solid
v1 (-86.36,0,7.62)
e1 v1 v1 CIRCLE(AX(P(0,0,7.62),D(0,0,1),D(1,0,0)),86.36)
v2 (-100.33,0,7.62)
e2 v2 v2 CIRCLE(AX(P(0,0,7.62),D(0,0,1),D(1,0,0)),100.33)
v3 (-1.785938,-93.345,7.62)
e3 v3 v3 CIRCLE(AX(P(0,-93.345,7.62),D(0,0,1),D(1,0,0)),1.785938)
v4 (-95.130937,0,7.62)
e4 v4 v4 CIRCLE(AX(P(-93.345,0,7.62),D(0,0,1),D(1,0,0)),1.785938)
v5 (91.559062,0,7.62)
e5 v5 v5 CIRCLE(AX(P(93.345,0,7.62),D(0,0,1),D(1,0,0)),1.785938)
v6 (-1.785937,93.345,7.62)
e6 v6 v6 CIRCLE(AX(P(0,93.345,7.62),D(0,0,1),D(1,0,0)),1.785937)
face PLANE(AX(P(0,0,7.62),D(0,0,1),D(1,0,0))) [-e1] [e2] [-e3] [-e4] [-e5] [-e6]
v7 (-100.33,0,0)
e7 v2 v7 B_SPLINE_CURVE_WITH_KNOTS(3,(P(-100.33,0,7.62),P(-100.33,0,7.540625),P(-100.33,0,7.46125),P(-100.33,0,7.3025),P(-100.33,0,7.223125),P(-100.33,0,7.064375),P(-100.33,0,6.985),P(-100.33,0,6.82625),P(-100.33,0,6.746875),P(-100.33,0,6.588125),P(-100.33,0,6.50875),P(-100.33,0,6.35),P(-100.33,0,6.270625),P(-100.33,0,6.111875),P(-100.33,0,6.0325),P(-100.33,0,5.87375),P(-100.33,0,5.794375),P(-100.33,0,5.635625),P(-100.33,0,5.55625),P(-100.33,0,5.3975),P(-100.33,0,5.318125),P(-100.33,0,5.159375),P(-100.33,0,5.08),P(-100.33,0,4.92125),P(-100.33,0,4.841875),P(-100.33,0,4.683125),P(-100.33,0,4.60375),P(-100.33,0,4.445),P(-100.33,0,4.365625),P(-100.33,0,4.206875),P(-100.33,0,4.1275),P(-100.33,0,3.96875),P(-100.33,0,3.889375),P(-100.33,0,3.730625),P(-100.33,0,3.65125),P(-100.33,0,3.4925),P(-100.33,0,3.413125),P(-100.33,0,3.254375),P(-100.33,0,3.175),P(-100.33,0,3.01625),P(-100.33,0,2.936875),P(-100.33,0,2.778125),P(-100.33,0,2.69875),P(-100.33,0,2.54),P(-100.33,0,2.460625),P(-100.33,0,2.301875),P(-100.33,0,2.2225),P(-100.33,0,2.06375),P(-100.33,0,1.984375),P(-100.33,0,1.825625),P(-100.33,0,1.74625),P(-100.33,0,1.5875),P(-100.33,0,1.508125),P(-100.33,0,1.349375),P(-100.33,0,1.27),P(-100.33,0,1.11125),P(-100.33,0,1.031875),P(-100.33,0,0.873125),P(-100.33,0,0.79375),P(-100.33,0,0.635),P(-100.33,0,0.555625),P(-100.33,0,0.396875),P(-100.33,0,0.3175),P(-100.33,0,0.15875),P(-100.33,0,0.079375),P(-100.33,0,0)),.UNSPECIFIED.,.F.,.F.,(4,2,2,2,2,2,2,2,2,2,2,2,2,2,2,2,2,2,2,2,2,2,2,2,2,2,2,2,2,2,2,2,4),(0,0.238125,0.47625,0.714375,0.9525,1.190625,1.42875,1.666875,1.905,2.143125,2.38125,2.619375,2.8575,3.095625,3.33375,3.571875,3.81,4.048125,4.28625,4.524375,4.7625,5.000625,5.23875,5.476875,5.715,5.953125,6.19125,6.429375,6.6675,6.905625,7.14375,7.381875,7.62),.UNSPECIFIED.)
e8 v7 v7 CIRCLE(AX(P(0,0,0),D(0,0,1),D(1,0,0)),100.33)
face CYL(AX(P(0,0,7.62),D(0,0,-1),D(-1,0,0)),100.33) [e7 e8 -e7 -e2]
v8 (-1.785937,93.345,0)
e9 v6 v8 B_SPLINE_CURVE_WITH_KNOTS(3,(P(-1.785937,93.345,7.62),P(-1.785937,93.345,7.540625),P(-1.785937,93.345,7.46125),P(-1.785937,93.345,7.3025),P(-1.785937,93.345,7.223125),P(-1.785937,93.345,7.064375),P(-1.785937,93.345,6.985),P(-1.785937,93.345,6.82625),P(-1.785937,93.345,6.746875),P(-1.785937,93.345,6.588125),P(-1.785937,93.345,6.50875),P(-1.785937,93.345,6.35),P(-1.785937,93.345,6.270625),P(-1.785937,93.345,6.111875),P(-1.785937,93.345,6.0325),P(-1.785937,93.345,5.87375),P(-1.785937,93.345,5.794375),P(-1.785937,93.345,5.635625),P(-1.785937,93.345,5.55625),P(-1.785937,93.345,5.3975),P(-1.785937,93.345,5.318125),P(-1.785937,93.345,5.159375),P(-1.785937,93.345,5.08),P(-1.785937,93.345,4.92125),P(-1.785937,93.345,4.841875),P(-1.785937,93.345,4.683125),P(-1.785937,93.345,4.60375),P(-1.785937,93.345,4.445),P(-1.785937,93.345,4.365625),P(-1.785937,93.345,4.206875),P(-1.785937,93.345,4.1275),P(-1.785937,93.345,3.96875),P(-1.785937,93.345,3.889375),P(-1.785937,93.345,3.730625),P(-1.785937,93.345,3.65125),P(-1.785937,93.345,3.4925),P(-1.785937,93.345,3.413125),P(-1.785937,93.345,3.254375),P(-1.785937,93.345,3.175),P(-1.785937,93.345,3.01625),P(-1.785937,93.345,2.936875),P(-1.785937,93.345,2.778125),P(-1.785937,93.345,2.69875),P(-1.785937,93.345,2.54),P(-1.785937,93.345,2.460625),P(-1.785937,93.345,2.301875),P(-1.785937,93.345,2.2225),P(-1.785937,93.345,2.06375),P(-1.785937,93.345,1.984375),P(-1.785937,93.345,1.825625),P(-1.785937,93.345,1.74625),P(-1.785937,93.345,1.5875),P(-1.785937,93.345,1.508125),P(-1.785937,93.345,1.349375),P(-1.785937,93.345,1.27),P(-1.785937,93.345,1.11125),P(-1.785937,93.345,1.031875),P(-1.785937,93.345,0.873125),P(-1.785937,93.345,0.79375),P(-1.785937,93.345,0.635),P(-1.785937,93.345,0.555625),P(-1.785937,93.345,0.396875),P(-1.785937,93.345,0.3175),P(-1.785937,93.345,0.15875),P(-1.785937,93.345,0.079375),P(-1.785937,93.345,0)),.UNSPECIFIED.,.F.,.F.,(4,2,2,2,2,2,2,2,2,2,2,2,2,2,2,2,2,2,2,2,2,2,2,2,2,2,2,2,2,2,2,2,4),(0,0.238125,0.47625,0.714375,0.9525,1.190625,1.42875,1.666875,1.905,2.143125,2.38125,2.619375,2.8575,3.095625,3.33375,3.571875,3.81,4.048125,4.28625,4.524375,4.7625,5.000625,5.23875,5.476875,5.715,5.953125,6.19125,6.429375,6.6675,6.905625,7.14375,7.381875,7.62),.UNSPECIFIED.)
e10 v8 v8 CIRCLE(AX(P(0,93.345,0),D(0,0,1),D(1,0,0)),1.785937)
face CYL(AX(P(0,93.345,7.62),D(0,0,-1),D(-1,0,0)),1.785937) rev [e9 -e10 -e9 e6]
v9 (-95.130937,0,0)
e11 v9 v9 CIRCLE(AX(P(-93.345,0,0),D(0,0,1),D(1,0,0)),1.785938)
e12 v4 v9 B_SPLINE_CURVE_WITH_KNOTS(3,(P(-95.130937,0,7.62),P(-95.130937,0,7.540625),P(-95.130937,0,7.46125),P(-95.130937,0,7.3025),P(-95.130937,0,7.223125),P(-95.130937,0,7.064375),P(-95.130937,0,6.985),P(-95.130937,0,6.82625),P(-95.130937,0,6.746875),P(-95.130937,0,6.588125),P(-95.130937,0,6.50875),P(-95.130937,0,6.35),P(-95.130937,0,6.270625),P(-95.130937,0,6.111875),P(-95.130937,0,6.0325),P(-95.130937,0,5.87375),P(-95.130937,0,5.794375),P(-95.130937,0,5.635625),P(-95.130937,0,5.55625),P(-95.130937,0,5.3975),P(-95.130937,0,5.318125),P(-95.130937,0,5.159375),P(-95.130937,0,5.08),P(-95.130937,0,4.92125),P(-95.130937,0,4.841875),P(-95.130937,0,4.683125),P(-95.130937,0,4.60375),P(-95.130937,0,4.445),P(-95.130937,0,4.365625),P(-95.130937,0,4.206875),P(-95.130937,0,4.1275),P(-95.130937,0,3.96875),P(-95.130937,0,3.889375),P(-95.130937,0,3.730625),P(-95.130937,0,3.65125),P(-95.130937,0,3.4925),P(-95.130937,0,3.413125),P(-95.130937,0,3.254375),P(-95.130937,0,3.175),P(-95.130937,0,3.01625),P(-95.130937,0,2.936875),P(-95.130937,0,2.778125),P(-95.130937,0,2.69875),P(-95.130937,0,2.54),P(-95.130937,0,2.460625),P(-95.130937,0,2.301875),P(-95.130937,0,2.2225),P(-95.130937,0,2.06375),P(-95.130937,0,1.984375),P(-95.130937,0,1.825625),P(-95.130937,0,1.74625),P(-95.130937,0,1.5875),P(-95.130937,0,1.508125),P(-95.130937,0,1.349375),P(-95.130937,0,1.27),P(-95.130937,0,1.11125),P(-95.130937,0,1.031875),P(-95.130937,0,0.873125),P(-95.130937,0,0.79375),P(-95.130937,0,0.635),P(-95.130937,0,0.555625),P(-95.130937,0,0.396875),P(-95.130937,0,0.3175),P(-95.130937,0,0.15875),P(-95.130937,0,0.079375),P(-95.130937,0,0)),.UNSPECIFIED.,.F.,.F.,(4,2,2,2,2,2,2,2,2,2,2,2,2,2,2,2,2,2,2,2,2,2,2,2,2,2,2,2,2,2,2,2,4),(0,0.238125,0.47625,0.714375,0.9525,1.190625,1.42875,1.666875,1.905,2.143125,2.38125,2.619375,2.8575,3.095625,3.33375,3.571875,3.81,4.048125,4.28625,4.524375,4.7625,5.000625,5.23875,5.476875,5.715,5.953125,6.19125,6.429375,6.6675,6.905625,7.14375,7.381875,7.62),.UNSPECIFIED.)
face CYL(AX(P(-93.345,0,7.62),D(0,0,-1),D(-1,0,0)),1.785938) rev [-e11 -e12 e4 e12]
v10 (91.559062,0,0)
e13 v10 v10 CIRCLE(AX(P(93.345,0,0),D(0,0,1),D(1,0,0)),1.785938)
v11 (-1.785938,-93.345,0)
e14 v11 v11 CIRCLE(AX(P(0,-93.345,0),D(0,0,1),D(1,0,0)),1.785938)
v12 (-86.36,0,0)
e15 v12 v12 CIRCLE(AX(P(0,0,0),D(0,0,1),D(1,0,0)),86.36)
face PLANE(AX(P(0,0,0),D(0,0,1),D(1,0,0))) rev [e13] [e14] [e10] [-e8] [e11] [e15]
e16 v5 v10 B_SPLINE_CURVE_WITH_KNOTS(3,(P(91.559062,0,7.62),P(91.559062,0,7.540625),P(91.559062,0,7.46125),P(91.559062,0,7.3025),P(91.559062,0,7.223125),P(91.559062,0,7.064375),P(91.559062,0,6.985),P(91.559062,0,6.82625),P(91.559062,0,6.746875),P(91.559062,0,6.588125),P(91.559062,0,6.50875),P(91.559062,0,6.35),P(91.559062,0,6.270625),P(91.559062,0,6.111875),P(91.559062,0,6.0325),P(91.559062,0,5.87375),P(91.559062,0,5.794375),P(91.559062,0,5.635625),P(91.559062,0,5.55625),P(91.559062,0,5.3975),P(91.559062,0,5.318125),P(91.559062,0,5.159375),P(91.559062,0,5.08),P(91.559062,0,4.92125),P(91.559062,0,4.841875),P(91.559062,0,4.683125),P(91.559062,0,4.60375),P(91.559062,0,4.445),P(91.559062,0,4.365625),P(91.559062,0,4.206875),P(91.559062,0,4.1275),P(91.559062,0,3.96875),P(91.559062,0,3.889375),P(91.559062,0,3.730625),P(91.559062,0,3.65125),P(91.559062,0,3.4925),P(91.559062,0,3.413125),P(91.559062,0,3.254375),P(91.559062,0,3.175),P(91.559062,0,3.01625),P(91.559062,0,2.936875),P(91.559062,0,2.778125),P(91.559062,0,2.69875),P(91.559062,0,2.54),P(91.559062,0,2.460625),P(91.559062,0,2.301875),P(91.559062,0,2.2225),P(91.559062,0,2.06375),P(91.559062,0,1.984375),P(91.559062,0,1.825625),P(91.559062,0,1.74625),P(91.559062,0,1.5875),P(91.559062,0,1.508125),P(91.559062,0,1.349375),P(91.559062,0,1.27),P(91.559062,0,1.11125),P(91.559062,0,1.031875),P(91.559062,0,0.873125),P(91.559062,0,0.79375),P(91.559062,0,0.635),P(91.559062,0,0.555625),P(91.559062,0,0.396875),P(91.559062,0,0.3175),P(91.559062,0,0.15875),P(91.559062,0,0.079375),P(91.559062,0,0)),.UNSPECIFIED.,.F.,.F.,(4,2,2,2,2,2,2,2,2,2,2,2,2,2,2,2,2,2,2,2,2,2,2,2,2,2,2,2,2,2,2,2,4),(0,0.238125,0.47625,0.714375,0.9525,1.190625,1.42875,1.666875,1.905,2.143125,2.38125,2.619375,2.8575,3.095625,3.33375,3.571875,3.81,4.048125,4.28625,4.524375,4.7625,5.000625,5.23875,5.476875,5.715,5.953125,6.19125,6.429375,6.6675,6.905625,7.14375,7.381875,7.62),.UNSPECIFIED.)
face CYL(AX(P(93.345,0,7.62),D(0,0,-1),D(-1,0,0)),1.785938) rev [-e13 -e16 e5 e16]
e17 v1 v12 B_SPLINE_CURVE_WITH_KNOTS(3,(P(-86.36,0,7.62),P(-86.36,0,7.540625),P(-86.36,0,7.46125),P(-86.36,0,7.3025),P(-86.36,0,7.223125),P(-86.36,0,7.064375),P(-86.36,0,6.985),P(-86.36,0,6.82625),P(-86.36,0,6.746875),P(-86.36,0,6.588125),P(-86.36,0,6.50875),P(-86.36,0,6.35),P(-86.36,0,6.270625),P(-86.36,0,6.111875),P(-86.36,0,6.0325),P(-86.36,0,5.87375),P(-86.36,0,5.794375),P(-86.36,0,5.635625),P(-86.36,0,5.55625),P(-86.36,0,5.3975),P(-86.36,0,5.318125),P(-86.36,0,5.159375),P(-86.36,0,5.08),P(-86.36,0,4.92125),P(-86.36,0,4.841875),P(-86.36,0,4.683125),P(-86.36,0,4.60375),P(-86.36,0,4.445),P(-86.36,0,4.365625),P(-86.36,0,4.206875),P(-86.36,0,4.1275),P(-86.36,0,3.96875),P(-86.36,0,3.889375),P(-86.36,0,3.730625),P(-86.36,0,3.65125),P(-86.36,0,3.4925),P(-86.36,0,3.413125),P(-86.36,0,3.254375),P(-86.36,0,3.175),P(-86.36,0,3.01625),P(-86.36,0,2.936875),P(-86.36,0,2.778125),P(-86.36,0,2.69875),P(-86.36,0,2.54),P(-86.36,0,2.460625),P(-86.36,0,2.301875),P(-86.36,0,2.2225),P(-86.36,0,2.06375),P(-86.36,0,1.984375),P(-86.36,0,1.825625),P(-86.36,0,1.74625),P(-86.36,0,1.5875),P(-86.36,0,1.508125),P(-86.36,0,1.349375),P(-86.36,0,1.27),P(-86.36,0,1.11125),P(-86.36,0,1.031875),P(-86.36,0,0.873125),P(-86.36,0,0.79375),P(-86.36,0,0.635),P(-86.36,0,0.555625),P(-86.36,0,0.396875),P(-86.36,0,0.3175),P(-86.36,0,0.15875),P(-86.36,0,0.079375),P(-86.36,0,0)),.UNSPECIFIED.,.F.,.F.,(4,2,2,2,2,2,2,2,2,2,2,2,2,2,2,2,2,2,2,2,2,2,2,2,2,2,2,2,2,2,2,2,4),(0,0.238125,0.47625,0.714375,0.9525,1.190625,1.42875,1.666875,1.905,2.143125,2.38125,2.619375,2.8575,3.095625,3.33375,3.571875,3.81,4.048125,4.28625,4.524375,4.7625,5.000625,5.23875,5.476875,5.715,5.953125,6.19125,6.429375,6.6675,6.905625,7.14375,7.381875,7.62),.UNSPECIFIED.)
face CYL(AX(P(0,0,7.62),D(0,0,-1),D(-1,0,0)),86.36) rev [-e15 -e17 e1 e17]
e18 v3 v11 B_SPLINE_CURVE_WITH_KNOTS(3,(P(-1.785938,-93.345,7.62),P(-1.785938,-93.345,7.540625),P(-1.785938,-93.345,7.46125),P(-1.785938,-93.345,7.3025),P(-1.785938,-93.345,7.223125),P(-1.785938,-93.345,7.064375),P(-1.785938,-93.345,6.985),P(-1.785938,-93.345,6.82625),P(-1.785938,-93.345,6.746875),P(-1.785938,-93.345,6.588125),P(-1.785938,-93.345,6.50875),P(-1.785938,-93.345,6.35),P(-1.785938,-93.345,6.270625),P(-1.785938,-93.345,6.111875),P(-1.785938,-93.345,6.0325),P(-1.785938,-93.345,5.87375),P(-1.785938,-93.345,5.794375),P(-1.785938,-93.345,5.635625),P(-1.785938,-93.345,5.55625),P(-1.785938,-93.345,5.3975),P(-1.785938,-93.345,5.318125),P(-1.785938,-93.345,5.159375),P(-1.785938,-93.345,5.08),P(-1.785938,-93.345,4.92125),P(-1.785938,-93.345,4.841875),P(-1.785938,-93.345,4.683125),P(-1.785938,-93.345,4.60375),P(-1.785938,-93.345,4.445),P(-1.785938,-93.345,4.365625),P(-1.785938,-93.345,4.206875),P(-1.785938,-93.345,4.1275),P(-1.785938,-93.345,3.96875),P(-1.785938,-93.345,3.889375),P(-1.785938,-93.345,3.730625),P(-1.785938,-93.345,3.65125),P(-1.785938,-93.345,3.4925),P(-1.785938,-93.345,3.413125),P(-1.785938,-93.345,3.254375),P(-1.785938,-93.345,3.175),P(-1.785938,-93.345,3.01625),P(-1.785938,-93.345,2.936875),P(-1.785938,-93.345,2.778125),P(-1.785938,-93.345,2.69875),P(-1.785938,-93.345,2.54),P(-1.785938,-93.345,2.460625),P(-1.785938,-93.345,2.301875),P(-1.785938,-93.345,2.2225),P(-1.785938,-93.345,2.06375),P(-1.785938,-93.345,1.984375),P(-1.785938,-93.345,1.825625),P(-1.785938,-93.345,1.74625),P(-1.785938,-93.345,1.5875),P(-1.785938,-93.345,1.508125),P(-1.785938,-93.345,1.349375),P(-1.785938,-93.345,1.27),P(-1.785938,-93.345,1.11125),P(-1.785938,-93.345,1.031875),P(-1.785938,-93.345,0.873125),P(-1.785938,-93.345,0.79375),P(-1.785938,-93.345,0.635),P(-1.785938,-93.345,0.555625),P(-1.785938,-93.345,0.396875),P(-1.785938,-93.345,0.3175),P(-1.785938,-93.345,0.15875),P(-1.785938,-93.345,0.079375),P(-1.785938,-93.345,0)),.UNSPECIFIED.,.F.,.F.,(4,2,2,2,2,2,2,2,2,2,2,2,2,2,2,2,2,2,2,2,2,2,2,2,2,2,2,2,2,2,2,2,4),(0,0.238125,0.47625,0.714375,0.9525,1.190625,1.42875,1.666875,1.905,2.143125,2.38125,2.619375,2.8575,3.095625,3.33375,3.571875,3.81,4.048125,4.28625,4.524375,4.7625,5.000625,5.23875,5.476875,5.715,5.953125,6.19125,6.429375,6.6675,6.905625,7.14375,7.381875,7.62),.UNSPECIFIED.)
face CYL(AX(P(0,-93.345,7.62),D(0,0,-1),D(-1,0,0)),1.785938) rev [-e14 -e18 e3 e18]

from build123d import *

# Parameters (mm, degrees)
SKETCH1_R           = 100.33
SKETCH1_R_2         = 86.36
SKETCH1_R_3         = 1.7859375
BOSS_EXTRUDE1_DEPTH = 7.62


with BuildPart() as part:
    # Sketch1 → Boss-Extrude1 (new body)
    with BuildSketch(Plane.XY):
        with Locations(Location((0, 0, 0), (0, 0, 180))):
            Circle(SKETCH1_R)
        with Locations(Location((0, 0, 0), (0, 0, 180))):
            Circle(SKETCH1_R_2, mode=Mode.SUBTRACT)
        with Locations(Location((0, 93.345, 0), (0, 0, 180))):
            Circle(SKETCH1_R_3, mode=Mode.SUBTRACT)
        with Locations(Location((93.345, 0, 0), (0, 0, 180))):
            Circle(SKETCH1_R_3, mode=Mode.SUBTRACT)
        with Locations(Location((0, -93.345, 0), (0, 0, 180))):
            Circle(SKETCH1_R_3, mode=Mode.SUBTRACT)
        with Locations(Location((-93.345, 0, 0), (0, 0, 180))):
            Circle(SKETCH1_R_3, mode=Mode.SUBTRACT)
    extrude(amount=BOSS_EXTRUDE1_DEPTH)


solid = part.part
